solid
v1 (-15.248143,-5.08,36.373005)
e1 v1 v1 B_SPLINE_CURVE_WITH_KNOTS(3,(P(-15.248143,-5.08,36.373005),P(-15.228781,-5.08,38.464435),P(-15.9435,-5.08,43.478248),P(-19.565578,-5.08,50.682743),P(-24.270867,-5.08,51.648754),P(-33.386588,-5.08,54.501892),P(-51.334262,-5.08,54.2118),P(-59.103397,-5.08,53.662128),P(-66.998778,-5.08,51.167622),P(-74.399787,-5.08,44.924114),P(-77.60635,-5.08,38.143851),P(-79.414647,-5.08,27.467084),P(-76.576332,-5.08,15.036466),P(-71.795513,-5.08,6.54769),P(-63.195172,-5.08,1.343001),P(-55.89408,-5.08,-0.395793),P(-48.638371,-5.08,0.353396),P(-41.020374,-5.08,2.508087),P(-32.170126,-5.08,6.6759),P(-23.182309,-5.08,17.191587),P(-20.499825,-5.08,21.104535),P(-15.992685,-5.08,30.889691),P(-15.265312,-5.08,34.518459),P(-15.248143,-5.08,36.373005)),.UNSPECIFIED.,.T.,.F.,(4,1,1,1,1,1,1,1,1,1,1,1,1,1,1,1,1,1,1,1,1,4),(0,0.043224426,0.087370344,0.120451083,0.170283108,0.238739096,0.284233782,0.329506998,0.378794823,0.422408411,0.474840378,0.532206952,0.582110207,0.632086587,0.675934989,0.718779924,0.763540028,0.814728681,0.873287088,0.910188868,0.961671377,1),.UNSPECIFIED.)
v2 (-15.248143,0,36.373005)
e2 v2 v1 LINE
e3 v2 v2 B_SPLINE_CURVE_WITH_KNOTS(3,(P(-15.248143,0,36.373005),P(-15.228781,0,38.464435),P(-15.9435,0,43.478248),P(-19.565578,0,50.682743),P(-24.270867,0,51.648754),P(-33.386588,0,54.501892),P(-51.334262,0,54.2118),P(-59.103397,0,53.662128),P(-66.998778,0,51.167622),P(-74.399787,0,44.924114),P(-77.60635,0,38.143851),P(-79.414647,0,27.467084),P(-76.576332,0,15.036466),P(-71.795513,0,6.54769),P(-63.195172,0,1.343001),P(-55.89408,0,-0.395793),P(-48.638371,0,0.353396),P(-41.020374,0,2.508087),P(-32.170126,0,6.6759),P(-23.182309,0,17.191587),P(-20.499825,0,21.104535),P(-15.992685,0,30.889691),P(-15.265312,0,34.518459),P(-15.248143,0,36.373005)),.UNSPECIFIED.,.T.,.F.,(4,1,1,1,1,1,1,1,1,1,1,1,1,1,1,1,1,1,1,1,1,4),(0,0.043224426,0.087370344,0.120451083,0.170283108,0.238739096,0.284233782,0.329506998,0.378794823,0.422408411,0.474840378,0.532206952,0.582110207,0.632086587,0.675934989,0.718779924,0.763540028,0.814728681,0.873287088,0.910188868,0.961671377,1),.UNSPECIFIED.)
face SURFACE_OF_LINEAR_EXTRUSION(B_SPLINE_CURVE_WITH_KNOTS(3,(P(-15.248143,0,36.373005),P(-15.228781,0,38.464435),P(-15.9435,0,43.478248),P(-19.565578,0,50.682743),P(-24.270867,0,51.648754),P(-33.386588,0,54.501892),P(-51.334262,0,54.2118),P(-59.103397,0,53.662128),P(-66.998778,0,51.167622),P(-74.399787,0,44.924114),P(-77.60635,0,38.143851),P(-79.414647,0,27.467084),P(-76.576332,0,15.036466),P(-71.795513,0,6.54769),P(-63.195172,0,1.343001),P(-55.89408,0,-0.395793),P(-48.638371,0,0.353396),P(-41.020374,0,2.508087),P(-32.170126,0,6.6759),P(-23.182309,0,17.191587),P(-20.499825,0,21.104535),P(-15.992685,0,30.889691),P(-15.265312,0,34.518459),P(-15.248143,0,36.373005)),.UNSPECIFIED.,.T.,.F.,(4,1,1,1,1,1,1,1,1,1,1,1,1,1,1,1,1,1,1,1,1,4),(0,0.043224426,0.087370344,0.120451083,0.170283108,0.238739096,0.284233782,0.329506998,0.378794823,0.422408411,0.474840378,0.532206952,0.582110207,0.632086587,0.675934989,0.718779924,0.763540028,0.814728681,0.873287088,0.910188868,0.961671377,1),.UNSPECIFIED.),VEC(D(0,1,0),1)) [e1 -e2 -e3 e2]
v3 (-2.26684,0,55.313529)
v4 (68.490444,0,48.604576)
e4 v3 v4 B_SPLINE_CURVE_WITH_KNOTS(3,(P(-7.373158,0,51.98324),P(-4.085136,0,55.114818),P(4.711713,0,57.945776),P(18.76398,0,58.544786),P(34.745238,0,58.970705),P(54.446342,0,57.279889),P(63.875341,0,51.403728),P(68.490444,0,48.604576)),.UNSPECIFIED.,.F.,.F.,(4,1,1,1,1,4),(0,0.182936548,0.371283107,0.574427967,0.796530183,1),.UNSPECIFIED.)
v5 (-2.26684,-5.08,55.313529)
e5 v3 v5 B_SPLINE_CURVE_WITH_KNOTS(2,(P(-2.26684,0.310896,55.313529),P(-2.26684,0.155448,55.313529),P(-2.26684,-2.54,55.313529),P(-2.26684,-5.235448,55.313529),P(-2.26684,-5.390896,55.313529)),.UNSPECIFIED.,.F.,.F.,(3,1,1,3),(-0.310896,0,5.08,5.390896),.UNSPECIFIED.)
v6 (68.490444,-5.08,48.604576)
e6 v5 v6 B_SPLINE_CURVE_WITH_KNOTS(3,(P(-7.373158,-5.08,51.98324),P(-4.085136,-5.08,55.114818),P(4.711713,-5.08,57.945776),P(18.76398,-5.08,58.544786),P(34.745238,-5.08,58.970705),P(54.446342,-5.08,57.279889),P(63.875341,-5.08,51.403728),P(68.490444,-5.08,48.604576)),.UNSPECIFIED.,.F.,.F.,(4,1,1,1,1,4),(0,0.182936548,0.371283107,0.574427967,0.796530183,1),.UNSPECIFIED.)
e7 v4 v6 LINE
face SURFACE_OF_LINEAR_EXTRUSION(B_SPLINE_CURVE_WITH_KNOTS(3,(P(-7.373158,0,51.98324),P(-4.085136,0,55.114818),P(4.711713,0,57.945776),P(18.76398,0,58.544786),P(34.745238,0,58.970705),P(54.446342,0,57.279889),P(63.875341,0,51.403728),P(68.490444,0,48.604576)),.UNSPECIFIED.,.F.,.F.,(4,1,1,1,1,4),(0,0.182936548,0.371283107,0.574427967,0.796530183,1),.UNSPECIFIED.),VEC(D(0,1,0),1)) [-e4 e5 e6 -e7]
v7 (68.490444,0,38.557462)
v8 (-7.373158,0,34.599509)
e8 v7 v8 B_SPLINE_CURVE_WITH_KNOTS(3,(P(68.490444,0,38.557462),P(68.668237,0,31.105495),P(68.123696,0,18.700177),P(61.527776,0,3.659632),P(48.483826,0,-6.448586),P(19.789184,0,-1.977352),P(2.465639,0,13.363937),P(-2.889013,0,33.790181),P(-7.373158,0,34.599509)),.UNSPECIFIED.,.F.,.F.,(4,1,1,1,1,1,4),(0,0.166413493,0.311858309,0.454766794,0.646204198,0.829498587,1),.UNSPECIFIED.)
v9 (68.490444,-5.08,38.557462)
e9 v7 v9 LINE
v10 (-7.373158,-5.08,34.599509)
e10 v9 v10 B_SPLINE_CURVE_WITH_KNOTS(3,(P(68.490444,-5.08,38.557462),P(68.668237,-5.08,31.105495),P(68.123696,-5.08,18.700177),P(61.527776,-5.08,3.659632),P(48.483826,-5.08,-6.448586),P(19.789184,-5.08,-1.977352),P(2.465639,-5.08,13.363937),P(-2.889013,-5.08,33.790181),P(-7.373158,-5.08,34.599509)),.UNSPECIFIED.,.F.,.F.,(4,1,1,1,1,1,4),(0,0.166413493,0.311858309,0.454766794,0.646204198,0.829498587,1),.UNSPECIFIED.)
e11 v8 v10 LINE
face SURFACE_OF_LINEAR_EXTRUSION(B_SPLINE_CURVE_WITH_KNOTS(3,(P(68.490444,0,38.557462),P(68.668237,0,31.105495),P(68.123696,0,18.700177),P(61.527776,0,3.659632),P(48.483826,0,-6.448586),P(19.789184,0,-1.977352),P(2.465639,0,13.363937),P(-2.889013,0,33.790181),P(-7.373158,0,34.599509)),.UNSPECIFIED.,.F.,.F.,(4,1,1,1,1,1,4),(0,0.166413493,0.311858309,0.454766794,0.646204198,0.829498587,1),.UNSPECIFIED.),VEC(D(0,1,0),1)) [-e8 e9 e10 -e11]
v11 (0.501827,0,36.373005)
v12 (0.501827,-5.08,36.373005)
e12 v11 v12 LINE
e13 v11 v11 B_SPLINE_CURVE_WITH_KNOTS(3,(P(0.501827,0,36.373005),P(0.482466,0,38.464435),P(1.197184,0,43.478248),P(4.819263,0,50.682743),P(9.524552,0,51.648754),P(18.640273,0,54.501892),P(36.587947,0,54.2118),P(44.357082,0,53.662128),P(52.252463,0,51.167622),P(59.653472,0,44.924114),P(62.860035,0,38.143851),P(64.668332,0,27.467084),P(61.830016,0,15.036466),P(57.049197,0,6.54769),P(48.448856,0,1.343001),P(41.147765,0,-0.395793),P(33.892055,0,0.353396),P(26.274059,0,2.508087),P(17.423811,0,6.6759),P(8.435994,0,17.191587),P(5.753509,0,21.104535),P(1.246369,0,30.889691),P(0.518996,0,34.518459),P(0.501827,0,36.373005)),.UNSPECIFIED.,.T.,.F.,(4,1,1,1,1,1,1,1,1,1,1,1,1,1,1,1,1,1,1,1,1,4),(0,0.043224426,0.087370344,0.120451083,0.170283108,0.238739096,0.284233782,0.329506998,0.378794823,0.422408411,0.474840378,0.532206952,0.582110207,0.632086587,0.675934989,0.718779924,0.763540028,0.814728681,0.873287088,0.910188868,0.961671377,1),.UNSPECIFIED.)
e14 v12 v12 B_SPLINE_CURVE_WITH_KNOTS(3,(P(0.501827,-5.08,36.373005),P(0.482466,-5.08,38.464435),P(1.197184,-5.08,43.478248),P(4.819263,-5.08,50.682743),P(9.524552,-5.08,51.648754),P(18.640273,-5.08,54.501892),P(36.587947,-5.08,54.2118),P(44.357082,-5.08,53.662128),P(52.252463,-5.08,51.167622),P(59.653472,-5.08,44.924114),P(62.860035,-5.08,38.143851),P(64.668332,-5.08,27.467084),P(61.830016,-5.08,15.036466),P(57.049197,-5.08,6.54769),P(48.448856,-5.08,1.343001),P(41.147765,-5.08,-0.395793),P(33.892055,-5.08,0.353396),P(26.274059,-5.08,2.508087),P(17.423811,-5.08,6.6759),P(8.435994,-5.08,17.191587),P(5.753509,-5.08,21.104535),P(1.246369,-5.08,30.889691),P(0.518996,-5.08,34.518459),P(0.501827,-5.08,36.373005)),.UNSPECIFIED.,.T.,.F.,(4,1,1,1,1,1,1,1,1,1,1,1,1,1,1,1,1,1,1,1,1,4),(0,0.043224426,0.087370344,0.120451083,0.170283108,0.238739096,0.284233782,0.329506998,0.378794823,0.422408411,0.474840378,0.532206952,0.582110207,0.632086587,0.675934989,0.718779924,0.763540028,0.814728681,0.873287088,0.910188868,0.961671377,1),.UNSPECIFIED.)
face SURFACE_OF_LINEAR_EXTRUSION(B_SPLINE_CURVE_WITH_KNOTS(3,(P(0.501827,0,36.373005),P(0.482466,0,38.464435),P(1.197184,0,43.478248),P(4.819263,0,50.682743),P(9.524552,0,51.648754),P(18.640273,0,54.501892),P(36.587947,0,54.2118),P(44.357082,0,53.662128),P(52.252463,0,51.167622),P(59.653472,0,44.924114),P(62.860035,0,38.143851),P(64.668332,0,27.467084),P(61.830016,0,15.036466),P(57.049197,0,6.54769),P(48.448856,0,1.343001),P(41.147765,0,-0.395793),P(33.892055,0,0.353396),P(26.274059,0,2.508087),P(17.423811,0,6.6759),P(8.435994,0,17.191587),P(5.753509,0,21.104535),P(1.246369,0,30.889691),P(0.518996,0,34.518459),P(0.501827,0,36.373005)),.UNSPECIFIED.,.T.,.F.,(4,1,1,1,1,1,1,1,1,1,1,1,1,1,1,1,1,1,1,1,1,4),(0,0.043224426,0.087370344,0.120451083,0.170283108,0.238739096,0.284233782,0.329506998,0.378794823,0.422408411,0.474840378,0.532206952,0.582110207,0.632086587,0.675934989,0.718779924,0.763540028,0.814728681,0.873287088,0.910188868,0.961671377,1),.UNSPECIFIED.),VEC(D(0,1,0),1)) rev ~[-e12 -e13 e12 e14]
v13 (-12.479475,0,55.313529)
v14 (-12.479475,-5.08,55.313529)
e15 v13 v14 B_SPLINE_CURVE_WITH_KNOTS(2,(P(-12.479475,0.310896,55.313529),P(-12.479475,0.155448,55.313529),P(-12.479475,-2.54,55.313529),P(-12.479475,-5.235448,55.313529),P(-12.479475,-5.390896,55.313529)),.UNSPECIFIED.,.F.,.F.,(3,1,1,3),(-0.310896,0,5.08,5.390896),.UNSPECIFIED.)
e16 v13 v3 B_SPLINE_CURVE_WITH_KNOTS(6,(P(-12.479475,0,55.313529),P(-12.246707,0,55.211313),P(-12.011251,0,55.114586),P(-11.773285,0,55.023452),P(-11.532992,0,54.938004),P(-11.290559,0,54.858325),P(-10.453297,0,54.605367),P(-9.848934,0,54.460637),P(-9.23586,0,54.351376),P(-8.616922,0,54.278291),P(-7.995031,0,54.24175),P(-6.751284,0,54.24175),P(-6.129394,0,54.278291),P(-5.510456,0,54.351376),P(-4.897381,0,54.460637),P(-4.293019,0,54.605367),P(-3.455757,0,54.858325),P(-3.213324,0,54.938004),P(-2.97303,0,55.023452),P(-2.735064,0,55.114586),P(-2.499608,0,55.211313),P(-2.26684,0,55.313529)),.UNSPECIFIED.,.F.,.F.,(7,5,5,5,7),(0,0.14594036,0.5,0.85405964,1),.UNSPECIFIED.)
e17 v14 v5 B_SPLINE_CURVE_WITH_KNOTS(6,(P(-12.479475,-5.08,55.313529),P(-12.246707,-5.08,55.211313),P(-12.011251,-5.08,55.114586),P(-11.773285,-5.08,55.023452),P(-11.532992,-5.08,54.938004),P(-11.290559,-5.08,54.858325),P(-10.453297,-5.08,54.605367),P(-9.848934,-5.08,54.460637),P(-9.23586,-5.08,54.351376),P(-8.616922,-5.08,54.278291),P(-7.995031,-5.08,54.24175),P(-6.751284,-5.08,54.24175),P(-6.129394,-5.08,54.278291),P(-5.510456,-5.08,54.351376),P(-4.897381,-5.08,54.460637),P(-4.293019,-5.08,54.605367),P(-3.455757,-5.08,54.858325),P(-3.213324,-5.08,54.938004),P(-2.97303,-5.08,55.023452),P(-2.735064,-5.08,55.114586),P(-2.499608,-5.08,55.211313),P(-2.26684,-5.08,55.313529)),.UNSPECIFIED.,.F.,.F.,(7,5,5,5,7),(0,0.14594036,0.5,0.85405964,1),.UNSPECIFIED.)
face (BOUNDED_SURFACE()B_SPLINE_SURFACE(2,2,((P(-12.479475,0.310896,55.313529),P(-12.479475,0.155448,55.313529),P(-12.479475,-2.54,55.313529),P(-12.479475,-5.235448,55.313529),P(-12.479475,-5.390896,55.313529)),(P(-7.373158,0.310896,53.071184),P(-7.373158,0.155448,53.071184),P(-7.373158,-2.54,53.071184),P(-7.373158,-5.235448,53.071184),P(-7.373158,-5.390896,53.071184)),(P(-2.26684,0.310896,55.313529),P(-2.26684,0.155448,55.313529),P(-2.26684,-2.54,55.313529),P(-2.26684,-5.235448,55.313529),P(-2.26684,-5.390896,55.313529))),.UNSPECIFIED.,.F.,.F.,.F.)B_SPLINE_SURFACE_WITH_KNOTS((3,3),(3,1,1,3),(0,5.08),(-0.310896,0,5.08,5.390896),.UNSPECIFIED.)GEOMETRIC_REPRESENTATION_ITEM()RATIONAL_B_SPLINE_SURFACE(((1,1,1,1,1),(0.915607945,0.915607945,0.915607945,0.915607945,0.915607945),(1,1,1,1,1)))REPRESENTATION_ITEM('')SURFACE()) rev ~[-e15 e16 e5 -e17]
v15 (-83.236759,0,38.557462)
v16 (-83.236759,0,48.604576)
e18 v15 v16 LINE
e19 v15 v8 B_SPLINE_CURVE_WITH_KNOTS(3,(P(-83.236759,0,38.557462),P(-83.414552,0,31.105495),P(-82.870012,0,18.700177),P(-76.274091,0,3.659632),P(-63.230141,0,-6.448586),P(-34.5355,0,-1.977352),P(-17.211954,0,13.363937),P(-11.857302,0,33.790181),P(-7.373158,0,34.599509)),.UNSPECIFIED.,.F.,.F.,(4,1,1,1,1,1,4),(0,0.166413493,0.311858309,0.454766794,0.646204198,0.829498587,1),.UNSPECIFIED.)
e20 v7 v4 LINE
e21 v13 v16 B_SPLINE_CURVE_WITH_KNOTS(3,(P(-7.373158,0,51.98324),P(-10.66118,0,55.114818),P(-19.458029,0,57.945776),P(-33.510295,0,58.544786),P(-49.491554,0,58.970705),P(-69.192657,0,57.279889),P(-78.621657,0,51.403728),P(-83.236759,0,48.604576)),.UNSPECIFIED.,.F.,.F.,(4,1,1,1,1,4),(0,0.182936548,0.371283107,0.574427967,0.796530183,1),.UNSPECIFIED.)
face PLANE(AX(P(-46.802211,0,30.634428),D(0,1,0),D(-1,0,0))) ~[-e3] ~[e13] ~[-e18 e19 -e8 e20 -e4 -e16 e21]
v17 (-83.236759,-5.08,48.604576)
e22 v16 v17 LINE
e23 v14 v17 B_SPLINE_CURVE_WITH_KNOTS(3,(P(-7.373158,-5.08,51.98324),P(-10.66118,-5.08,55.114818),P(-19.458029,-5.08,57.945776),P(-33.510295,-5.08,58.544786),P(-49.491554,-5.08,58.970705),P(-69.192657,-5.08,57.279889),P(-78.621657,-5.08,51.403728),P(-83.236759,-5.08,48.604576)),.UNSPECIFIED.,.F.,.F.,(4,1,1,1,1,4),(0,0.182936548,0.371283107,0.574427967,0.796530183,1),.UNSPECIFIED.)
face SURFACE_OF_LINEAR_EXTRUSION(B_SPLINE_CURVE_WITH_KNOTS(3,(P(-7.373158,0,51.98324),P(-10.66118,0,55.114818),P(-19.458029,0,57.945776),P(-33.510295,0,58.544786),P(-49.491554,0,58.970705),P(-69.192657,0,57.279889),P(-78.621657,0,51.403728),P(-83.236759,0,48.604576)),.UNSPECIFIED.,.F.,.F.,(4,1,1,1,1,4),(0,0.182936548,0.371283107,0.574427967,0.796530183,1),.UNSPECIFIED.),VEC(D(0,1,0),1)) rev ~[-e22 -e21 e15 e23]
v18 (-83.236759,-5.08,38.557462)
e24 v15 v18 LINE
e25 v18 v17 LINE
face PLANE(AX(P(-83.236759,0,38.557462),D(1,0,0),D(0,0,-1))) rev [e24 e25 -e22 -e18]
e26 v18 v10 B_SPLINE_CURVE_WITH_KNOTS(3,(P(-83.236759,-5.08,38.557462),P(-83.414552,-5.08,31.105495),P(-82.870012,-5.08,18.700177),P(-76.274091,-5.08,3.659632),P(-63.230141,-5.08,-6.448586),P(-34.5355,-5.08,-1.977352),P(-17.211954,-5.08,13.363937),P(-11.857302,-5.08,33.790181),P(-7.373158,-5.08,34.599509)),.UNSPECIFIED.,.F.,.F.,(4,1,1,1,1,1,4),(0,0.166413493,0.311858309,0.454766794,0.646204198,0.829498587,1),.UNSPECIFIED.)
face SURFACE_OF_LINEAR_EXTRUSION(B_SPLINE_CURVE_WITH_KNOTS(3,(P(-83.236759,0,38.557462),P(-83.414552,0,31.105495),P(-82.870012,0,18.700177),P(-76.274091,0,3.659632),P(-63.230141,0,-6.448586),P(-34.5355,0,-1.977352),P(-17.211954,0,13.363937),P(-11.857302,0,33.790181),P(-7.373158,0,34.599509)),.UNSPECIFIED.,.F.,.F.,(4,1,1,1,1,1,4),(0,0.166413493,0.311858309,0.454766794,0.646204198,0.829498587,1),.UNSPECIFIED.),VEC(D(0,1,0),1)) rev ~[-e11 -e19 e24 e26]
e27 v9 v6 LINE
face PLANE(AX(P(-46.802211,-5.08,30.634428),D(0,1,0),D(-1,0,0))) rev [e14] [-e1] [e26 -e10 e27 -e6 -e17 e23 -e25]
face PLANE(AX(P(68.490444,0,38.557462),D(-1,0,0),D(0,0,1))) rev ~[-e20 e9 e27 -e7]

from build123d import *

# Parameters (mm, degrees)
F1_DEPTH = 5.08
F3_R     = 12.7


with BuildPart() as f1:
    # F0 (on Front) → F1 (new body)
    with BuildSketch(Plane.XZ):
        with BuildLine():
            add(Edge.make_bspline(
                [(-7.3731576873, 51.9832396724), (-4.0851358587, 55.1148181156), (4.7117132057, 57.94577563), (18.7639795294, 58.5447864615), (34.7452381784, 58.9707054953), (54.4463415885, 57.2798887012), (63.8753412951, 51.403727631), (68.490443635, 48.6045764901)],
                knots=[0, 0, 0, 0, 0.1829365485, 0.3712831074, 0.574427967, 0.7965301834, 1, 1, 1, 1], degree=3))
            Line((-7.3731576873, 51.9832396724), (-7.3731576873, 34.5995091283))
            add(Edge.make_bspline(
                [(68.490443635, 38.5574616907), (68.6682371239, 31.1054952183), (68.123696336, 18.7001772104), (61.5277760421, 3.6596317013), (48.4838257688, -6.4485862548), (19.7891841599, -1.9773520495), (2.4656386817, 13.3639374309), (-2.8890134452, 33.7901812799), (-7.3731576873, 34.5995091283)],
                knots=[0, 0, 0, 0, 0.1664134929, 0.3118583086, 0.4547667938, 0.6462041984, 0.8294985866, 1, 1, 1, 1], degree=3))
            Line((68.490443635, 38.5574616907), (68.490443635, 48.6045764901))
        make_face()
        with BuildLine():
            add(Edge.make_bspline(
                [(0.501827438, 36.3730046686), (0.4824657403, 38.464435156), (1.1971841307, 43.478248188), (4.8192625045, 50.682742757), (9.5245518915, 51.6487538518), (18.6402726713, 54.5018918945), (36.5879470765, 54.2118000423), (44.357081869, 53.6621279617), (52.2524627929, 51.1676217825), (59.6534716096, 44.9241139368), (62.8600348837, 38.1438513213), (64.6683319838, 27.4670835636), (61.8300161514, 15.0364662746), (57.049197164, 6.5476896963), (48.4488563523, 1.3430012563), (41.147764587, -0.3957930966), (33.8920553071, 0.3533959439), (26.2740586832, 2.5080866435), (17.4238105439, 6.6759000992), (8.4359940009, 17.1915865293), (5.7535092859, 21.1045348188), (1.2463694894, 30.8896909392), (0.5189961384, 34.5184594649), (0.501827438, 36.3730046686)],
                knots=[0, 0, 0, 0, 0.0432244259, 0.0873703435, 0.1204510825, 0.1702831082, 0.2387390965, 0.2842337815, 0.3295069985, 0.3787948228, 0.4224084112, 0.4748403785, 0.5322069516, 0.5821102065, 0.6320865873, 0.6759349889, 0.7187799241, 0.7635400281, 0.8147286806, 0.8732870883, 0.9101888677, 0.9616713765, 1, 1, 1, 1], degree=3))
        make_face(mode=Mode.SUBTRACT)
    extrude(amount=F1_DEPTH)

    # F2: F1 across face


with BuildPart() as f1_1:
    add(f1.part)
    add(f1.part.mirror(Plane(origin=(-7.3731576873, -2.54, 43.2913744004), x_dir=(0, -1, 0), z_dir=(-1, 0, 0))))

    # F3
    f3_edges = [f1_1.edges().sort_by_distance(p)[0] for p in [
        (-7.373158, -2.54, 51.98324),
    ]]
    fillet(f3_edges, radius=F3_R)


solid = f1_1.part
